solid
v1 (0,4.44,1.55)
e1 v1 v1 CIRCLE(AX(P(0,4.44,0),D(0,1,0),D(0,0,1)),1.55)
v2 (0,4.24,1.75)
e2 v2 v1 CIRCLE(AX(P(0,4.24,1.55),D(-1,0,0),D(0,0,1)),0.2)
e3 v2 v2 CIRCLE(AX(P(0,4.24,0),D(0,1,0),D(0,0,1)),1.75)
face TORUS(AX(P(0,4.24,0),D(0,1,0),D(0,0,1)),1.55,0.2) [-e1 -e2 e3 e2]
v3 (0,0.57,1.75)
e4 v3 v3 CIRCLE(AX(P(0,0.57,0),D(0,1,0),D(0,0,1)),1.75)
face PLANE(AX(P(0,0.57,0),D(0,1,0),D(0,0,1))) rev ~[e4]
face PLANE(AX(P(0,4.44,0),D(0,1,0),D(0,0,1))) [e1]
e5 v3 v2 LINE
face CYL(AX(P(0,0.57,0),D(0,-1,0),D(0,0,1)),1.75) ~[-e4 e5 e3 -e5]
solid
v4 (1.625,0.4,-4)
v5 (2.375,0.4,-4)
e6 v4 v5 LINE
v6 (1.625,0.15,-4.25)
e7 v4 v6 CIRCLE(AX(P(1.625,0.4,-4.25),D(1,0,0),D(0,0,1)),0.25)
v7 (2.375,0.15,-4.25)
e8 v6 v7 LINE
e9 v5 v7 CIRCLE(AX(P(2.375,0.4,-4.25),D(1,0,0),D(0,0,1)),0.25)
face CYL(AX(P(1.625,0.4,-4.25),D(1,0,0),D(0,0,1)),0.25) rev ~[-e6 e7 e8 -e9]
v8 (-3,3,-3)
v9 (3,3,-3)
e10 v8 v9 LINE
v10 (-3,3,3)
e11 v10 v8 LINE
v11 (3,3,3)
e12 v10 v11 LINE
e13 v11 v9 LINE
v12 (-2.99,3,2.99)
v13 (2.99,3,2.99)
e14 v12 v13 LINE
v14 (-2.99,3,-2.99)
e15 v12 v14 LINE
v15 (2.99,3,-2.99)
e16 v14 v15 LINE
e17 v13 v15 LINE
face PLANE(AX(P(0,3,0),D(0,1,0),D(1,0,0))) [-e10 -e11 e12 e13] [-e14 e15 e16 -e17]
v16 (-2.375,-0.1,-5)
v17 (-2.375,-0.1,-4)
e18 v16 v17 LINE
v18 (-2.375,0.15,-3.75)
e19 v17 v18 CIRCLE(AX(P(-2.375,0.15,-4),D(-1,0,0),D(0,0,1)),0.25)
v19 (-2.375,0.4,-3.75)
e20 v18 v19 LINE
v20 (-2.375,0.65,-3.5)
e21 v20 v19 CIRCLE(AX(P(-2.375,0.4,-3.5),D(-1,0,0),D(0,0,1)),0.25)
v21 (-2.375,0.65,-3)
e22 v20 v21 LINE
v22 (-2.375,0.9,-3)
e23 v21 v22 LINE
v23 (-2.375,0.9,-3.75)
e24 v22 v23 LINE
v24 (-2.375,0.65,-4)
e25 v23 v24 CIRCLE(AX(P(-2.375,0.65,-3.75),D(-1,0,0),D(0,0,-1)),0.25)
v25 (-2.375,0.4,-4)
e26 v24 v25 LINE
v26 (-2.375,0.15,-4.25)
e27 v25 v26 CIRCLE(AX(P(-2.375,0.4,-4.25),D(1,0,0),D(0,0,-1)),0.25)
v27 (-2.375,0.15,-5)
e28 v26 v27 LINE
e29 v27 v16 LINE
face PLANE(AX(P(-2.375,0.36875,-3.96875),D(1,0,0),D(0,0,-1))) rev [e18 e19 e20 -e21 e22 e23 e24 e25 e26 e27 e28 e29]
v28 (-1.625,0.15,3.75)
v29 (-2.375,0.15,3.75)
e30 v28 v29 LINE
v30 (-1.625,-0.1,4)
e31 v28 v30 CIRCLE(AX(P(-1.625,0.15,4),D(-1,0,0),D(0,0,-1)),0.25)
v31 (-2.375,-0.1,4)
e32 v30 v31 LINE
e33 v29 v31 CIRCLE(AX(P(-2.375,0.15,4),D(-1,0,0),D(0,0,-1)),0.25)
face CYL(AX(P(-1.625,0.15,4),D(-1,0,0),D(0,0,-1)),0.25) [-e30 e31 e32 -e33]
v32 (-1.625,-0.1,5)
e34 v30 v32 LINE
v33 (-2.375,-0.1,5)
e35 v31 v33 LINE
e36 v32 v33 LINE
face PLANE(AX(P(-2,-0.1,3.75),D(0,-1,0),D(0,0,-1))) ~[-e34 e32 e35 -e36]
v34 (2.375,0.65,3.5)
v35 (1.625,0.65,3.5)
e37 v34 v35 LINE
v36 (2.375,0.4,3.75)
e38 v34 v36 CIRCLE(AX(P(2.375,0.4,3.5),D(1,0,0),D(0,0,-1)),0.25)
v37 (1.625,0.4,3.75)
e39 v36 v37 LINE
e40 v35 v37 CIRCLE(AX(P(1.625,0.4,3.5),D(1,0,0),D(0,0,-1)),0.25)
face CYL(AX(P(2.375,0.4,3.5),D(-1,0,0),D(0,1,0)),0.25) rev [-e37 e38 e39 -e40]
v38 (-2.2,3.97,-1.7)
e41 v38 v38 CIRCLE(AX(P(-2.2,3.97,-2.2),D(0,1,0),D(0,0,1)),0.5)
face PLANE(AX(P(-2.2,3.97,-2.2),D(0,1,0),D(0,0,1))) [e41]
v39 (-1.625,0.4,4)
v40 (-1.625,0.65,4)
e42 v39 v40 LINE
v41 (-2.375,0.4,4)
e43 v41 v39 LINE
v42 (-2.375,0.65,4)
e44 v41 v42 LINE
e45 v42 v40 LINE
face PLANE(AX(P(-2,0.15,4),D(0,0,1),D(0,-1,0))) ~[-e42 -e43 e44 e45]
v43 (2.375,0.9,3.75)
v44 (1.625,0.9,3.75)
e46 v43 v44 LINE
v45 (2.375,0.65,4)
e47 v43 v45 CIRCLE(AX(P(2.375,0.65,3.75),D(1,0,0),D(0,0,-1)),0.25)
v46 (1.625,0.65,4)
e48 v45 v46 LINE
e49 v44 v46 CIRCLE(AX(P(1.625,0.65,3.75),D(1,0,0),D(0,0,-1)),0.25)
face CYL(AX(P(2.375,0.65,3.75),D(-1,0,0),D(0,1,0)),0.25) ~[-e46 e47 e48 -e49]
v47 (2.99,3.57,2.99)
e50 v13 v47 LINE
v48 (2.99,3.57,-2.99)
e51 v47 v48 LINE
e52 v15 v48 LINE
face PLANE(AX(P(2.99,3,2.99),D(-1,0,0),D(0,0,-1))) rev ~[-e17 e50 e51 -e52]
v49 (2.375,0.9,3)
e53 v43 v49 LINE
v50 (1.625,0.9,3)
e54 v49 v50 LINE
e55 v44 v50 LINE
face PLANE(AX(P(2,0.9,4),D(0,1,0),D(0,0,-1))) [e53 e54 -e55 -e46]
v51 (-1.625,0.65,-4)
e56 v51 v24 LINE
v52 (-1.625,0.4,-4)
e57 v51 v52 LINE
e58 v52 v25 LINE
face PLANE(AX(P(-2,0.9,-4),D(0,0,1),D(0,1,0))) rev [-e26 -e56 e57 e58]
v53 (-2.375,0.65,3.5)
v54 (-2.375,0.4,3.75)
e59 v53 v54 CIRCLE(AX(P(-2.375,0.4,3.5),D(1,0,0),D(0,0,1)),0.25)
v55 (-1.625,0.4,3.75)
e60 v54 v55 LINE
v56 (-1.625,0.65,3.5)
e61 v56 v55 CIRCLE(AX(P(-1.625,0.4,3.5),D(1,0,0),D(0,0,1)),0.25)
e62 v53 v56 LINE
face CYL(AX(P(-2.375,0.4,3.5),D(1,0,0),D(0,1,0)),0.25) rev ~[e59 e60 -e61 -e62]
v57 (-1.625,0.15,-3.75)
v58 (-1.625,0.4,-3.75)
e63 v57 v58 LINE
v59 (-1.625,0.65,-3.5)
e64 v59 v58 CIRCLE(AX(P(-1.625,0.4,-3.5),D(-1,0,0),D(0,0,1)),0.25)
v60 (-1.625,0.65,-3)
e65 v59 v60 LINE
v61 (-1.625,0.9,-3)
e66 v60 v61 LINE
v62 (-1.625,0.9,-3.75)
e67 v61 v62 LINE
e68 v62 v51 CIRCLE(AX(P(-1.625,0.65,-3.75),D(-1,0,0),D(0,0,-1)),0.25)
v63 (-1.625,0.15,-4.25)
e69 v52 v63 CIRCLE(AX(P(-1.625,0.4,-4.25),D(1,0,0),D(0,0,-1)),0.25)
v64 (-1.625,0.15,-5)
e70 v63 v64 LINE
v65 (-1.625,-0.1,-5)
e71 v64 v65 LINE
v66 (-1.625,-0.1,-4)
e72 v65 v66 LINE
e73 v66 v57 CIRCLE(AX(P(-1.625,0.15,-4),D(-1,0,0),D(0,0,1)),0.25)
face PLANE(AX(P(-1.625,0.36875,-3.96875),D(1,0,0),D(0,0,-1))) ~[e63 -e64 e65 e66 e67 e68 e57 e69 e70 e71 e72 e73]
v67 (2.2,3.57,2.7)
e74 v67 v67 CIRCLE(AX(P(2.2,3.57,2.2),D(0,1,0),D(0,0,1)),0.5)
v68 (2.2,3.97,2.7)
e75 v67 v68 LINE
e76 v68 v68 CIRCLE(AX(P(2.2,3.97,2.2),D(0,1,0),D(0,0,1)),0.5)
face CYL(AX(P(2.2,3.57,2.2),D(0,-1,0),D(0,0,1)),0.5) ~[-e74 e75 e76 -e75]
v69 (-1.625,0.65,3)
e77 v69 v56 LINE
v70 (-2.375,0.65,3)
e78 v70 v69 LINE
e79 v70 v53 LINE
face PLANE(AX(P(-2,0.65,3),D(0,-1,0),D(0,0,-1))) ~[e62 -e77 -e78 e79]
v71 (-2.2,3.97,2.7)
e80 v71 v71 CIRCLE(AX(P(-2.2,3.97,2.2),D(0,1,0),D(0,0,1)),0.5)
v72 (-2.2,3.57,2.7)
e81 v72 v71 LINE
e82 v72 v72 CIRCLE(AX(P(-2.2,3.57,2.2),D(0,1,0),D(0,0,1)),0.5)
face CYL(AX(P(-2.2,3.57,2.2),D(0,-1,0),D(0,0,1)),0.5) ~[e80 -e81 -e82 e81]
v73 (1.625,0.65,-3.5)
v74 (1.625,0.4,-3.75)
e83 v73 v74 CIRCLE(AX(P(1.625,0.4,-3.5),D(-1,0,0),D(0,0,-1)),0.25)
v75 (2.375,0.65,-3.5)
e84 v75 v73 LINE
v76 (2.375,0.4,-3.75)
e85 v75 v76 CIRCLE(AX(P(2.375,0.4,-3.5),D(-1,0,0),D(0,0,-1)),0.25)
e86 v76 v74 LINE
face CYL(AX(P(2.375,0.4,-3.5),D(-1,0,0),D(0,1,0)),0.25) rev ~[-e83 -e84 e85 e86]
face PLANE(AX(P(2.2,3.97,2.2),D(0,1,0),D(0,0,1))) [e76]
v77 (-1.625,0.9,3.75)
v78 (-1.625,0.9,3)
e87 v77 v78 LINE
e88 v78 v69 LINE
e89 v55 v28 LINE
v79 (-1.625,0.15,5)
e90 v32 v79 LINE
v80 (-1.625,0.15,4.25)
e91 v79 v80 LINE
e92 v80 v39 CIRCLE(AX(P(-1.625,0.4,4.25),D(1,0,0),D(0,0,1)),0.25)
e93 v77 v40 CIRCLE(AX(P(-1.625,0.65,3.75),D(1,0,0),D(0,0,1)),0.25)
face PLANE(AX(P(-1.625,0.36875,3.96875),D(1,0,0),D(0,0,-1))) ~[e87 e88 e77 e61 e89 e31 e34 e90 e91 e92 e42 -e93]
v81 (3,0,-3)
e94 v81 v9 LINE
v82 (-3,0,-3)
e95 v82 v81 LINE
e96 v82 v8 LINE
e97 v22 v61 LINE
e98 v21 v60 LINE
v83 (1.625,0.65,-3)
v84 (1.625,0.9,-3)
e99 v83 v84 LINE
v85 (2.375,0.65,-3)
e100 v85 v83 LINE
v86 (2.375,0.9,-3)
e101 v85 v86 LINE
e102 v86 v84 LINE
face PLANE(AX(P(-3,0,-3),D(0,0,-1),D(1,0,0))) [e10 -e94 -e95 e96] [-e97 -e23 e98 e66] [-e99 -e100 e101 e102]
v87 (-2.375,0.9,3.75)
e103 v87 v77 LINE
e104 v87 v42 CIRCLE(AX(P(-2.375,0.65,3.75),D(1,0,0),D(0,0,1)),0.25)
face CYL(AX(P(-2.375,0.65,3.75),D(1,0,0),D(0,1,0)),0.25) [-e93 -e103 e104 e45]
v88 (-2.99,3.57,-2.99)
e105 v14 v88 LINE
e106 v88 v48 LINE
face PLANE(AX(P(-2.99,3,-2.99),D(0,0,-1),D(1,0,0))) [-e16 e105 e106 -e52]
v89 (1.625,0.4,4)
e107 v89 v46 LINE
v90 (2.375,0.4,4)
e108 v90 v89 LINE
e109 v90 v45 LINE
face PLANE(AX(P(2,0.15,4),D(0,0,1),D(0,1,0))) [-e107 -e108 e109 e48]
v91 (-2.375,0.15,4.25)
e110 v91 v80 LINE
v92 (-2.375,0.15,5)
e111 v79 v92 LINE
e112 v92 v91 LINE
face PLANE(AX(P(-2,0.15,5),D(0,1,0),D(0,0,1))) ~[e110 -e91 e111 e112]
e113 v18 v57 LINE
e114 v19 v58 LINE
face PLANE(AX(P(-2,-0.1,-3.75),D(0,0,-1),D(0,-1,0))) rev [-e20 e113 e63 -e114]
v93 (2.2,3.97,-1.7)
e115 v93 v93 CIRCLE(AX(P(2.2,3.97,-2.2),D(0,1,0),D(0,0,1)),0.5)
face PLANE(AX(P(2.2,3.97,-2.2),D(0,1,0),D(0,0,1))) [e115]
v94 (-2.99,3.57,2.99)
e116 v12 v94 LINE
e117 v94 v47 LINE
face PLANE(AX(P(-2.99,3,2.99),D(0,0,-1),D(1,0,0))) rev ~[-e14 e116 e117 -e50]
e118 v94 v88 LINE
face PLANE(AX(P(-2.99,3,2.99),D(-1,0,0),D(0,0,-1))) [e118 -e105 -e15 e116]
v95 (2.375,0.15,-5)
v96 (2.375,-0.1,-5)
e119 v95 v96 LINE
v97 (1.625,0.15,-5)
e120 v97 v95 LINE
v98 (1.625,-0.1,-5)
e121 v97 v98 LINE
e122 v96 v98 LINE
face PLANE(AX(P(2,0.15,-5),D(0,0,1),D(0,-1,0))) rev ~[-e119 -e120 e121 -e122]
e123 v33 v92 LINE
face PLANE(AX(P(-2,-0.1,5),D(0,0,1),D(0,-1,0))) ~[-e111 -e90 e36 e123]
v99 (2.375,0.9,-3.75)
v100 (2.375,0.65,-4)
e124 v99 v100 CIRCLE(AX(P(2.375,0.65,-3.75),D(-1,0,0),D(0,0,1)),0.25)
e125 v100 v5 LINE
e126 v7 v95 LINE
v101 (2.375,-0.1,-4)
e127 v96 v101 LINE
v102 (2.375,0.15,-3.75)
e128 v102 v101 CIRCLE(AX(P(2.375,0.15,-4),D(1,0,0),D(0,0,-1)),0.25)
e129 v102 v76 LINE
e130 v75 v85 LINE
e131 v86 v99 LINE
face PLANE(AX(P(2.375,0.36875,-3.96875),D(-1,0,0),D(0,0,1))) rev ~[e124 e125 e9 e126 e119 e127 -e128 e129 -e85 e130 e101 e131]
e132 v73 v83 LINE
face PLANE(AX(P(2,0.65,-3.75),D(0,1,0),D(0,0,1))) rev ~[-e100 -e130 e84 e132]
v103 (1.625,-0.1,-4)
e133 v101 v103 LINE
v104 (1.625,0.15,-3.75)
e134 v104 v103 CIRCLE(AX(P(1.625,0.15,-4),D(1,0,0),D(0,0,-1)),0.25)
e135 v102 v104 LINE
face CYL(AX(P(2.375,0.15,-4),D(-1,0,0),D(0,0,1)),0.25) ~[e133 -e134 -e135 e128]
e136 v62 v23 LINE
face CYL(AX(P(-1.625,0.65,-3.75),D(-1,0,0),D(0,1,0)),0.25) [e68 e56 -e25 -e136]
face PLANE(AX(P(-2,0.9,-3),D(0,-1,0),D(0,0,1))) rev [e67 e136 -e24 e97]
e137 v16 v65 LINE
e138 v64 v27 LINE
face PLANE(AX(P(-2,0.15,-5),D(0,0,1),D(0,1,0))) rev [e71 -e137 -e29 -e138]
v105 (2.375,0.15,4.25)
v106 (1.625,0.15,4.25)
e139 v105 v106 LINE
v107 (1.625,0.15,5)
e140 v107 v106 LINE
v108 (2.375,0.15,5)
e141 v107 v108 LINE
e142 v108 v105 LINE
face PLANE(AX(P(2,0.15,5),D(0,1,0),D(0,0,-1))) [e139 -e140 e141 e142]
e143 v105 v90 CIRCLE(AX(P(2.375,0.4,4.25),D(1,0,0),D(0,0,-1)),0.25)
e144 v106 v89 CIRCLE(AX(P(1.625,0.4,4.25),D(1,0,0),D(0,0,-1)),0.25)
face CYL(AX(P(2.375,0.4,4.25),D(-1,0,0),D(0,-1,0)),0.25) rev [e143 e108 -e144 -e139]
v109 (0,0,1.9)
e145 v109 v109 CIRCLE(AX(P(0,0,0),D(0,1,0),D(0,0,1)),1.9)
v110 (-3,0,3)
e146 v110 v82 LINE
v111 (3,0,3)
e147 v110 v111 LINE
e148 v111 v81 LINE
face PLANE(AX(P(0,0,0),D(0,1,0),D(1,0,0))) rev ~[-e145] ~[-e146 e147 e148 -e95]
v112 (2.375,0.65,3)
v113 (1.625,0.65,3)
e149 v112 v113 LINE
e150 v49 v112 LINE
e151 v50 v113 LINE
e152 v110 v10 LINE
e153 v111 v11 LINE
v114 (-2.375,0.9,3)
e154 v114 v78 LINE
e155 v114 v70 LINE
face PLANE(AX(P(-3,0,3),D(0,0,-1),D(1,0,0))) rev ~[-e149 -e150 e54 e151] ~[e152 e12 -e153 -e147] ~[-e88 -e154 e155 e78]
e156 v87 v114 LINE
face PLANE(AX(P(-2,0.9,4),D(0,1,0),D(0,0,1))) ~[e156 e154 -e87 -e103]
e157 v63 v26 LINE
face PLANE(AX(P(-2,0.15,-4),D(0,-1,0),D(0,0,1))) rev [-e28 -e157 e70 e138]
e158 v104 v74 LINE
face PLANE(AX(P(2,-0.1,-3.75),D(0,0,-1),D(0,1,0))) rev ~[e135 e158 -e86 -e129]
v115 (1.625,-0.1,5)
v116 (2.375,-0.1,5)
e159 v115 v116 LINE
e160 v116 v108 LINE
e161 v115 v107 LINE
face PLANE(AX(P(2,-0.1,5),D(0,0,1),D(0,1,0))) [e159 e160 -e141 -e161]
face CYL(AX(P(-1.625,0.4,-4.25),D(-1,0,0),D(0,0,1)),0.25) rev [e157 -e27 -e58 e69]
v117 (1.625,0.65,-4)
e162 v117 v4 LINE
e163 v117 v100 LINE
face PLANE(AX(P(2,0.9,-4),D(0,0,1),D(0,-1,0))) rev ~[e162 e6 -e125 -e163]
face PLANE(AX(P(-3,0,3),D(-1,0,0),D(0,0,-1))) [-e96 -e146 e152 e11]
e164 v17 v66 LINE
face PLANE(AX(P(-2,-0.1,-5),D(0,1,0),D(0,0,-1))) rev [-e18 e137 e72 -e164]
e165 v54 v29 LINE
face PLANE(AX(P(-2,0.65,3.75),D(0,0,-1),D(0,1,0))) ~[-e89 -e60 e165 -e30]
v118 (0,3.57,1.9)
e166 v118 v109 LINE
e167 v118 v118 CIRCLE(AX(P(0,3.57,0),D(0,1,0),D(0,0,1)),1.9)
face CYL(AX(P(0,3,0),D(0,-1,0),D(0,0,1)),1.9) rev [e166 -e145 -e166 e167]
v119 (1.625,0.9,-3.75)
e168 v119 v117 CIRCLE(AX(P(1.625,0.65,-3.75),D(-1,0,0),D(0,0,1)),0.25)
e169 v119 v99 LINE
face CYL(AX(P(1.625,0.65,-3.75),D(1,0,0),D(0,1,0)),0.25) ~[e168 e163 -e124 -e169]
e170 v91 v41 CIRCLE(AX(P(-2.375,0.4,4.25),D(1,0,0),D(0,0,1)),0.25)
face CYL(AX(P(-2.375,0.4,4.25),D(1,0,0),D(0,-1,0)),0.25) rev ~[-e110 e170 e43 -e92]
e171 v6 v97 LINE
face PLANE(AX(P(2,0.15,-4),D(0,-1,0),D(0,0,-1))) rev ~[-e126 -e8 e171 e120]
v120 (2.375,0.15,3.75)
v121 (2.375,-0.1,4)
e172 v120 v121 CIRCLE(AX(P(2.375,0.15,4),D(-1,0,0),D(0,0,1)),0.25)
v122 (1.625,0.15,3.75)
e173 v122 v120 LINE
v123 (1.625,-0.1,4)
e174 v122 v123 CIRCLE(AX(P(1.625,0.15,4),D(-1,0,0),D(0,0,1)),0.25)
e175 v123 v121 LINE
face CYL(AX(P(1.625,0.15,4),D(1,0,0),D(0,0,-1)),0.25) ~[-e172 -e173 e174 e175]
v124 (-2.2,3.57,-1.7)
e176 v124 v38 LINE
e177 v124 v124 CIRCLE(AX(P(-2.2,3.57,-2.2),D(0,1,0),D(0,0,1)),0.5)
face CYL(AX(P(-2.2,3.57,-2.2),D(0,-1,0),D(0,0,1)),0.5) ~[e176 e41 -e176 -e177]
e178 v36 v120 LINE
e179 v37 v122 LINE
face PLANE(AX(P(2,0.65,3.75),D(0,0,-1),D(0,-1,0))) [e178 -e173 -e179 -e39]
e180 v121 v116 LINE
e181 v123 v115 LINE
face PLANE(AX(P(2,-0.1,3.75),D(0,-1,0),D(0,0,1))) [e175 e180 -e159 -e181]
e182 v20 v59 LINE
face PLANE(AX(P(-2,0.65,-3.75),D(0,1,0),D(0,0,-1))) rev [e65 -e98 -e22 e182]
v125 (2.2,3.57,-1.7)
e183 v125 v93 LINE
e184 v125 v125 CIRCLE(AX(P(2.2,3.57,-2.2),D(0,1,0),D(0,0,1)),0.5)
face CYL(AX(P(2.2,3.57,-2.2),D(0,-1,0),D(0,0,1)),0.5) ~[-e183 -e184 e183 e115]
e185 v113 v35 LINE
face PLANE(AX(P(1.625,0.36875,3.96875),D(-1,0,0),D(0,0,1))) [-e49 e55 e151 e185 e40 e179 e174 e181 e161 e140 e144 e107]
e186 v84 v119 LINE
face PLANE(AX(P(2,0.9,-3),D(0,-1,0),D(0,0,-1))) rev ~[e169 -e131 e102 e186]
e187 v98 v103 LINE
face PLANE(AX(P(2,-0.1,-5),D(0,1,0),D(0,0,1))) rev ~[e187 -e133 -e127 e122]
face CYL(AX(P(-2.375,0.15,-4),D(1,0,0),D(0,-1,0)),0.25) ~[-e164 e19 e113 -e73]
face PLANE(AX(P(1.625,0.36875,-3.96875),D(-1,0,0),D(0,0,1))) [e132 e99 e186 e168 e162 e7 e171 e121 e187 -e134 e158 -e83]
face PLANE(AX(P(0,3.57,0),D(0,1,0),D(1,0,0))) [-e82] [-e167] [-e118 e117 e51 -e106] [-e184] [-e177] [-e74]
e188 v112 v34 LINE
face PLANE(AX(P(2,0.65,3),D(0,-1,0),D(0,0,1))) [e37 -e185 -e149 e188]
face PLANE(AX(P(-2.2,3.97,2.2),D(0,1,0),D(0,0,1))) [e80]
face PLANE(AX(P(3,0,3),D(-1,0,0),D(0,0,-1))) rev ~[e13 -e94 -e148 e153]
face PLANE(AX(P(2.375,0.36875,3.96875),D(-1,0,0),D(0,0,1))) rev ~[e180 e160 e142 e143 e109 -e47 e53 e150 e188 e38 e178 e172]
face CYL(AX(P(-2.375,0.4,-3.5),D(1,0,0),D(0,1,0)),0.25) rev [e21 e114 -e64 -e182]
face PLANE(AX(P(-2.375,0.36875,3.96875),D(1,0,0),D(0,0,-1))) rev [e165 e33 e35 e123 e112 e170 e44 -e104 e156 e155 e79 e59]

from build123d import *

# Parameters (mm, degrees)
SKETCH1_W            = 6
SKETCH1_H            = 6
SKETCH1_R            = 1.9
EXTRUDE1_DEPTH       = 3
SKETCH2_W            = 5.98
SKETCH2_H            = 5.98
SKETCH2_R            = 1.9
EXTRUDE2_DEPTH       = 0.57
SKETCH3_R            = 0.5
EXTRUDE3_DEPTH       = 0.4
EXTRUDE4_DEPTH       = 0.87
EXTRUDE4_DEPTH_BACK  = 3
SKETCH4_R            = 1.75
FILLET1_R            = 0.2
EXTRUDE5_DEPTH       = 0.375
FILLET2_R            = 0.25
FILLET2_OF_MIRROR1_R = 0.25


with BuildPart() as part:
    # Sketch1 → Extrude1 (new body)
    with BuildSketch(Plane(origin=(0, 0, 0), x_dir=(1, 0, 0), z_dir=(0, 1, 0))):
        Rectangle(SKETCH1_W, SKETCH1_H)
        with Locations(Location((0, 0, 0), (0, 0, 270))):
            Circle(SKETCH1_R, mode=Mode.SUBTRACT)
    extrude(amount=EXTRUDE1_DEPTH)

    # Sketch2 → Extrude2 (add)
    with BuildSketch(Plane(origin=(0, 3, 0), x_dir=(1, 0, 0), z_dir=(0, 1, 0))):
        Rectangle(SKETCH2_W, SKETCH2_H)
        with Locations(Location((0, 0, 0), (0, 0, 270))):
            Circle(SKETCH2_R, mode=Mode.SUBTRACT)
    extrude(amount=EXTRUDE2_DEPTH)

    # Sketch3 → Extrude3 (add)
    with BuildSketch(Plane(origin=(0, 3.57, 0), x_dir=(1, 0, 0), z_dir=(0, 1, 0))):
        with Locations(Location((-2.2, 2.2, 0), (0, 0, 270))):
            Circle(SKETCH3_R)
        with Locations(Location((2.2, 2.2, 0), (0, 0, 270))):
            Circle(SKETCH3_R)
        with Locations(Location((2.2, -2.2, 0), (0, 0, 270))):
            Circle(SKETCH3_R)
        with Locations(Location((-2.2, -2.2, 0), (0, 0, 270))):
            Circle(SKETCH3_R)
    extrude(amount=EXTRUDE3_DEPTH)

    # Sketch5 → Extrude5 (add, symmetric)
    with BuildSketch(Plane(origin=(2, 0, 0), x_dir=(0, 0, -1), z_dir=(1, 0, 0))):
        Polygon((-5, 0.15), (-4, 0.15), (-4, 0.9), (-3, 0.9), (-3, 0.65), (-3.75, 0.65), (-3.75, -0.1), (-5, -0.1), align=None)
        Polygon((5, 0.15), (5, -0.1), (3.75, -0.1), (3.75, 0.65), (3, 0.65), (3, 0.9), (4, 0.9), (4, 0.15), align=None)
    extrude5 = extrude(amount=EXTRUDE5_DEPTH, both=True)

    # Fillet2
    fillet2_edges = [part.edges().sort_by_distance(p)[0] for p in [
        (2, -0.1, 3.75),
        (2, 0.65, 3.75),
        (2, 0.9, 4),
        (2, 0.15, 4),
        (2, 0.15, -4),
        (2, 0.9, -4),
        (2, 0.65, -3.75),
        (2, -0.1, -3.75),
    ]]
    fillet(fillet2_edges, radius=FILLET2_R)

    # Mirror1: Extrude5 across plane
    add(extrude5.mirror(Plane(origin=(0, 0, 0), x_dir=(0, 0, 1), z_dir=(1, 0, 0))))

    # Fillet2 of Mirror1
    fillet2_of_mirror1_edges = [part.edges().sort_by_distance(p)[0] for p in [
        (-2, -0.1, 3.75),
        (-2, 0.65, 3.75),
        (-2, 0.9, 4),
        (-2, 0.15, 4),
        (-2, 0.15, -4),
        (-2, 0.9, -4),
        (-2, 0.65, -3.75),
        (-2, -0.1, -3.75),
    ]]
    fillet(fillet2_of_mirror1_edges, radius=FILLET2_OF_MIRROR1_R)


with BuildPart() as body_2:
    # Sketch4 → Extrude4 (new, two sides: drawn at the far end of the back side and taken through both)
    with BuildSketch(Plane(origin=(0, 3.57, 0), x_dir=(1, 0, 0), z_dir=(0, 1, 0)).offset(-EXTRUDE4_DEPTH_BACK)):
        with Locations(Location((0, 0, 0), (0, 0, 270))):
            Circle(SKETCH4_R)
    extrude(amount=EXTRUDE4_DEPTH + EXTRUDE4_DEPTH_BACK)

    # Fillet1
    fillet1_edges = [body_2.edges().sort_by_distance(p)[0] for p in [
        (0, 4.44, -1.75),
    ]]
    fillet(fillet1_edges, radius=FILLET1_R)


solid = Compound([part.part, body_2.part])
